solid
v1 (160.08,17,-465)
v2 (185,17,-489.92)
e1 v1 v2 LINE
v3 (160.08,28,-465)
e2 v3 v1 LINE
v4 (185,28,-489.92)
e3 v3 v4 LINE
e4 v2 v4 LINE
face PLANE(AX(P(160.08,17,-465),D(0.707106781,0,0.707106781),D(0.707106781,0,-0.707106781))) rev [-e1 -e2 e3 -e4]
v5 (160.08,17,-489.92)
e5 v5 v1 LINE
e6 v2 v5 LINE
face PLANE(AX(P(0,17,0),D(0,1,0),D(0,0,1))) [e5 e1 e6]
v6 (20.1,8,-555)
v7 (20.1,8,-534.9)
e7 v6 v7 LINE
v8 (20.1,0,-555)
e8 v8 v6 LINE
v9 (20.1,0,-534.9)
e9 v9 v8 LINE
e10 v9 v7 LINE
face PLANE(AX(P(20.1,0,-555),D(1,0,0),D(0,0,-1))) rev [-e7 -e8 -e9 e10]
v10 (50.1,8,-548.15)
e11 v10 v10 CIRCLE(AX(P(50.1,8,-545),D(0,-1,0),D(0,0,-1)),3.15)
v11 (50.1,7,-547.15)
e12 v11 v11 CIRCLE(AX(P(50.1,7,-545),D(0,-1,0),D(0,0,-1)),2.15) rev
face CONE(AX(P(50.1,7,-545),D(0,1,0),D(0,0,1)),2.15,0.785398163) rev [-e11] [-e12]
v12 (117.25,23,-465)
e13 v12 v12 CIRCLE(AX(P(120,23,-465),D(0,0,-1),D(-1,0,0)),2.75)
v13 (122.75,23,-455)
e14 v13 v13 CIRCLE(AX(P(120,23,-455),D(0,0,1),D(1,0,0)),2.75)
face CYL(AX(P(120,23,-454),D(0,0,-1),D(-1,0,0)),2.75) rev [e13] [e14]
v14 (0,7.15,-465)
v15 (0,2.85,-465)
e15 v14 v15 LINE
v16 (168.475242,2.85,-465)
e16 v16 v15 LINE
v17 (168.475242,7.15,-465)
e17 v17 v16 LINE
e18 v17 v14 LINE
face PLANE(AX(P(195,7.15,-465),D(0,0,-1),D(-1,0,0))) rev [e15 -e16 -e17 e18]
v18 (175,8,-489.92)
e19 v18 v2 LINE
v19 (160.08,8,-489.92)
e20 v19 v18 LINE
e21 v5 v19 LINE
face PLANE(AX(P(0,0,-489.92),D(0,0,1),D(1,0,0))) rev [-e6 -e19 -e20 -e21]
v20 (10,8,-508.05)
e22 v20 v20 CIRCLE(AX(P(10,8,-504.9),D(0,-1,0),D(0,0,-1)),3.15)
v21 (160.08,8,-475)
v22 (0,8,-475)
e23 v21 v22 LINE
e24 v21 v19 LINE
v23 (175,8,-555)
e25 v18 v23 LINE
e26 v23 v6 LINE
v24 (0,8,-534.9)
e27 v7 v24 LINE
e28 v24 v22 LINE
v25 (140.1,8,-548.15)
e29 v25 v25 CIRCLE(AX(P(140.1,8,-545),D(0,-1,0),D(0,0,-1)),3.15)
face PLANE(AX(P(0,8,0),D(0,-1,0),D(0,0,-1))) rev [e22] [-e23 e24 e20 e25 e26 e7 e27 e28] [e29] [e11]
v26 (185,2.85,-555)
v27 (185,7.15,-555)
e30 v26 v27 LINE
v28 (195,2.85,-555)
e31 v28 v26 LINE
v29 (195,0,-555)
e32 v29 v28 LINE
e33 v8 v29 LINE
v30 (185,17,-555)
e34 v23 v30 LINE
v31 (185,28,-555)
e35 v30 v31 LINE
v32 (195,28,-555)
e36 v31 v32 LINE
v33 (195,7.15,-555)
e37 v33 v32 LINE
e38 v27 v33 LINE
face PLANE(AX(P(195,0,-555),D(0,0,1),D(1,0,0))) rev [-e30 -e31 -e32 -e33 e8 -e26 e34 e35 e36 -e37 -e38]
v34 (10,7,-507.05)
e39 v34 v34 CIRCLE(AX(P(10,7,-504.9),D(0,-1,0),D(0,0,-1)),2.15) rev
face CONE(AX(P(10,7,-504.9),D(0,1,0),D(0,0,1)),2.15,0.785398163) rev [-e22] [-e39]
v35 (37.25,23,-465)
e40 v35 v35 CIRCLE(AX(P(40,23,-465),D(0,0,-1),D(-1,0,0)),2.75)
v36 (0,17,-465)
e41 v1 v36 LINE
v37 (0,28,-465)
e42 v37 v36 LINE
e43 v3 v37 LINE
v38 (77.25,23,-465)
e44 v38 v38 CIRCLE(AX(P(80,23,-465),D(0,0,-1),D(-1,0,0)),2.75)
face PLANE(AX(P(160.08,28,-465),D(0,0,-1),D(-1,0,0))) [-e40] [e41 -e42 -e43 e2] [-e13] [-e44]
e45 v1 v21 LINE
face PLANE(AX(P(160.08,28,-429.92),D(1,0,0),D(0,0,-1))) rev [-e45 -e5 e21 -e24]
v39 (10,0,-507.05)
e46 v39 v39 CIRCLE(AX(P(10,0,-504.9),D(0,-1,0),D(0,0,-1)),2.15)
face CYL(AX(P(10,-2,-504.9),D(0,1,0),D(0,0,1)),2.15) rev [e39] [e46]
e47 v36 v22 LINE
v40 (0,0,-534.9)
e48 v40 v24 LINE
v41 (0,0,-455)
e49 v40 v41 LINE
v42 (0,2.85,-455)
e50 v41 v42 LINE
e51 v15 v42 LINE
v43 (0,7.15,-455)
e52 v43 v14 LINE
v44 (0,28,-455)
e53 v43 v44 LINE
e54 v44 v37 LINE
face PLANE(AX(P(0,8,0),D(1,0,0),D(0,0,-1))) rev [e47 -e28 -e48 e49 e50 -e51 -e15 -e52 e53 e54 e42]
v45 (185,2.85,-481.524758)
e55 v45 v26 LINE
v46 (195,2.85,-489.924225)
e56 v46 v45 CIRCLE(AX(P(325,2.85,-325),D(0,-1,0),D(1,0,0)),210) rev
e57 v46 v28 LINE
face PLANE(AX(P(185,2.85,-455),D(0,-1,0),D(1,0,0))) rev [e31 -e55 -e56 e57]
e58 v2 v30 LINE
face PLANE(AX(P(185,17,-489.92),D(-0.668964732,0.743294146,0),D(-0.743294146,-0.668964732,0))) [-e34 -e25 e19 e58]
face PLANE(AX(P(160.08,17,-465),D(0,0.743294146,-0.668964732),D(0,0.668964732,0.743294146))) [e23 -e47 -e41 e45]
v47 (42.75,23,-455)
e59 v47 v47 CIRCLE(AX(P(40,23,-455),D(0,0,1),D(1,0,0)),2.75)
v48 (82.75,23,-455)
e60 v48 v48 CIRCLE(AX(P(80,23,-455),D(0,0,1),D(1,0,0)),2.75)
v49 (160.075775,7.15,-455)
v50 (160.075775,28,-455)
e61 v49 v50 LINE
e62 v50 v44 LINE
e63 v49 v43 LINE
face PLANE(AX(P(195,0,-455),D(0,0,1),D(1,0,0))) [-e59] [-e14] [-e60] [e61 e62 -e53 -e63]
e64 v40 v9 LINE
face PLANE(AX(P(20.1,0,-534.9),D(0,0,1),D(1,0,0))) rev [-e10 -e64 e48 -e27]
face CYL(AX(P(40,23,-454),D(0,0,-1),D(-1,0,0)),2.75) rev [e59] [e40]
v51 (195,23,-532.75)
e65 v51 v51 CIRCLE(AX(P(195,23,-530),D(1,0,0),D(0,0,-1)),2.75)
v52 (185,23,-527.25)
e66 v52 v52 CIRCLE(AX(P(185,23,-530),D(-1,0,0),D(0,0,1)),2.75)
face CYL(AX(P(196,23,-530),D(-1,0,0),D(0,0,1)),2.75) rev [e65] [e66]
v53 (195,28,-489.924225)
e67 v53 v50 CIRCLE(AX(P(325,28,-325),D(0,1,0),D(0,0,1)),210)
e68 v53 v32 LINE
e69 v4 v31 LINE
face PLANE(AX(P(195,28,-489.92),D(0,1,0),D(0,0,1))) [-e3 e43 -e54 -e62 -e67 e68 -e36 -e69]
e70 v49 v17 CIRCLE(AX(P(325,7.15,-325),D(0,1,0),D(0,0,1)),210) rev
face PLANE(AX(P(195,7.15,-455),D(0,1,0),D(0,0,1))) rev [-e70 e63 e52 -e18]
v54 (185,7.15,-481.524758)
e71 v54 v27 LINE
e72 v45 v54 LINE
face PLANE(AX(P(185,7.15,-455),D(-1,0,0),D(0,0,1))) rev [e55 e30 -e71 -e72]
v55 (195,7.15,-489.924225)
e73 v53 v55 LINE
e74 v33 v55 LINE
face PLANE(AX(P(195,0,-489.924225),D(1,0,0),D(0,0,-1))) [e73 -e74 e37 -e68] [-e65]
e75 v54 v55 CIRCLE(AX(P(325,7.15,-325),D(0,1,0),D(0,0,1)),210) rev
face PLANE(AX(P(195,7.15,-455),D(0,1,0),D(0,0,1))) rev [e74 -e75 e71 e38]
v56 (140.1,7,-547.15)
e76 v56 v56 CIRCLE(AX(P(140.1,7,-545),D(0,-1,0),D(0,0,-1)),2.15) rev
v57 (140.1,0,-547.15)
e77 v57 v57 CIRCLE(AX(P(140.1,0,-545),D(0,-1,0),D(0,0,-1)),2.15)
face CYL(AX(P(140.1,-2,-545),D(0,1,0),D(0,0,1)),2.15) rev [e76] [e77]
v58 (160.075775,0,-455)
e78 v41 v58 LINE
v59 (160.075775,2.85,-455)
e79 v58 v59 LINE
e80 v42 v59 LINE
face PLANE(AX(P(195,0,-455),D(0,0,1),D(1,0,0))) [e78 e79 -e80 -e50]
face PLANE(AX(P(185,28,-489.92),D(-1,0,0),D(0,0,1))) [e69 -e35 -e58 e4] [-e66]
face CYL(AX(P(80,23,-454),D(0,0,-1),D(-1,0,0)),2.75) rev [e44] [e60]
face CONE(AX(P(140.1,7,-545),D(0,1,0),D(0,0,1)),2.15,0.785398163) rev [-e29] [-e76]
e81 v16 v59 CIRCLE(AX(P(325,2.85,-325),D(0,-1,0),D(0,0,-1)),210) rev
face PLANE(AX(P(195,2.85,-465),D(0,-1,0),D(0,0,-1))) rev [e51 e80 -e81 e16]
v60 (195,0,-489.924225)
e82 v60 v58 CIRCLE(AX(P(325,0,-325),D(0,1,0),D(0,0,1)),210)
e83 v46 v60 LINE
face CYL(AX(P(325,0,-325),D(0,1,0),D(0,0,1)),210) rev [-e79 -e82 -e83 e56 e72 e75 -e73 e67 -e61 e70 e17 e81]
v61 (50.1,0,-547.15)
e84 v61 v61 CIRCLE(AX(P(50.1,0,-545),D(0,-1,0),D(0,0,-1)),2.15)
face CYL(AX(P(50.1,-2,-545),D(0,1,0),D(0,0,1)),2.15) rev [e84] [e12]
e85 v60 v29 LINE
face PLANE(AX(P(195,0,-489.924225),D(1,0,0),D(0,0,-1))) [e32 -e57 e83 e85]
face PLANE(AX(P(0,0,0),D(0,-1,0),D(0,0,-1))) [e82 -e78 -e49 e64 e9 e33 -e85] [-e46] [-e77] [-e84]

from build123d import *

# Parameters (mm, degrees)
SKETCH1_W                = 650
SKETCH1_H                = 650
BOSS_EXTRUDE1_DEPTH      = 8
BOSS_EXTRUDE2_DEPTH      = 650
CUT_EXTRUDE2_DEPTH       = 921.277302922
CUT_EXTRUDE2_DEPTH_BACK  = 921.277302922
SKETCH4_R                = 11
CUT_EXTRUDE1_DEPTH       = 920.932062709
CUT_EXTRUDE1_DEPTH_BACK  = 920.932062709
SKETCH2_R                = 210
CUT_EXTRUDE3_DEPTH       = 921.277302998
CUT_EXTRUDE3_DEPTH_BACK  = 110
CUT_EXTRUDE4_DEPTH       = 110
CUT_EXTRUDE5_DEPTH       = 920.932062713
CUT_EXTRUDE5_DEPTH_BACK  = 920.932062713
SKETCH7_OUTSIDE_W        = 836.056
SKETCH7_OUTSIDE_H        = 836.056
BOSS_EXTRUDE3_DEPTH      = 160.08
BOSS_EXTRUDE4_DEPTH      = 160.08
SKETCH21_W               = 10
SKETCH21_H               = 4.3
CUT_EXTRUDE10_DEPTH      = 680.197320372
SKETCH22_W               = 10
SKETCH22_H               = 4.3
CUT_EXTRUDE11_DEPTH      = 278.189465889
BOSS_EXTRUDE5_DEPTH      = 60
CUT_EXTRUDE6_DEPTH       = 679.914574891
CUT_EXTRUDE6_DEPTH_BACK  = 679.914574891
SKETCH12_R               = 210
CUT_EXTRUDE14_DEPTH      = 11
SKETCH27_R               = 2.2
SKETCH27_R_2             = 2.75
CUT_EXTRUDE15_DEPTH      = 11
SKETCH28_R               = 2.75
CUT_EXTRUDE16_DEPTH      = 11
SKETCH29_W               = 20
SKETCH29_H               = 20
CUT_EXTRUDE17_DEPTH      = 10
CUT_EXTRUDE18_DEPTH      = 679.914574891
CUT_EXTRUDE18_DEPTH_BACK = 679.914574891
SKETCH30_W               = 195
SKETCH30_H               = 95
CUT_EXTRUDE19_DEPTH      = 589.600033979
CUT_EXTRUDE19_DEPTH_BACK = 589.600033979
SKETCH31_W               = 20.1
SKETCH31_H               = 20.1
SKETCH32_R               = 2.15
CUT_EXTRUDE20_DEPTH      = 10
CHAMFER1_SIZE            = 1


with BuildPart() as part:
    # Sketch1 → Boss-Extrude1 (new body)
    with BuildSketch(Plane(origin=(0, 0, 0), x_dir=(1, 0, 0), z_dir=(0, 1, 0))):
        with Locations((325, 325)):
            Rectangle(SKETCH1_W, SKETCH1_H)
    extrude(amount=BOSS_EXTRUDE1_DEPTH)

    # Sketch3 → Boss-Extrude2 (add)
    with BuildSketch(Plane.XY):
        Polygon((300, 43.707142143), (350, 43.707142143), (385, 8), (265, 8), align=None)
    extrude(amount=-BOSS_EXTRUDE2_DEPTH)

    # Sketch4 → Cut-Extrude2 (cut, two sides: drawn at the far end of the back side and taken through both)
    with BuildSketch(Plane.XY.offset(-CUT_EXTRUDE2_DEPTH_BACK)):
        with Locations((325, 22)):
            Circle(SKETCH4_R)
    extrude(amount=CUT_EXTRUDE2_DEPTH + CUT_EXTRUDE2_DEPTH_BACK, mode=Mode.SUBTRACT)

    # Sketch2 → Cut-Extrude1 (cut, two sides: drawn at the far end of the back side and taken through both)
    with BuildSketch(Plane(origin=(0, 8, 0), x_dir=(1, 0, 0), z_dir=(0, 1, 0)).offset(-CUT_EXTRUDE1_DEPTH_BACK)):
        with Locations(Location((325, 325, 0), (0, 0, 270))):
            Circle(SKETCH2_R)
    extrude(amount=CUT_EXTRUDE1_DEPTH + CUT_EXTRUDE1_DEPTH_BACK, mode=Mode.SUBTRACT)

    # Sketch5 → Cut-Extrude3 (cut, two sides: drawn at the far end of the back side and taken through both)
    with BuildSketch(Plane.XY.offset(-CUT_EXTRUDE3_DEPTH_BACK)):
        Polygon((300, 43.707142143), (350, 43.707142143), (365.396078824, 28), (350, 28), (350, 8), (300, 8), (300, 28), (284.603921176, 28), align=None)
    extrude(amount=CUT_EXTRUDE3_DEPTH + CUT_EXTRUDE3_DEPTH_BACK, mode=Mode.SUBTRACT)

    # Sketch6 → Cut-Extrude4 (cut)
    with BuildSketch(Plane(origin=(0, 0, -650), x_dir=(-1, 0, 0), z_dir=(0, 0, -1))):
        Polygon((-350, 43.707142143), (-300, 43.707142143), (-284.603921176, 28), (-300, 28), (-300, 8), (-350, 8), (-350, 28), (-365.396078824, 28), align=None)
    extrude(amount=-CUT_EXTRUDE4_DEPTH, mode=Mode.SUBTRACT)

    # Sketch7 outside → Cut-Extrude5 (cut, two sides: drawn at the far end of the back side and taken through both)
    with BuildSketch(Plane(origin=(0, 8, 0), x_dir=(1, 0, 0), z_dir=(0, 1, 0)).offset(-CUT_EXTRUDE5_DEPTH_BACK)):
        with Locations((325, 325)):
            Rectangle(SKETCH7_OUTSIDE_W, SKETCH7_OUTSIDE_H)
        Polygon((195, 455), (195, 489.924225025), (195, 650), (167.478198198, 686.544504505), (-70.838918919, 686.544504505), (-70.838918919, 472.462112512), (0, 455), (160.075774975, 455), align=None, mode=Mode.SUBTRACT)
    extrude(amount=CUT_EXTRUDE5_DEPTH + CUT_EXTRUDE5_DEPTH_BACK, mode=Mode.SUBTRACT)

    # Sketch8 → Boss-Extrude3 (add)
    with BuildSketch(Plane(origin=(0, 0, -650), x_dir=(-1, 0, 0), z_dir=(0, 0, -1))):
        Polygon((-195, 8), (-195, 28), (-185, 28), (-185, 17), (-175, 8), align=None)
    extrude(amount=-BOSS_EXTRUDE3_DEPTH)

    # Sketch10 → Boss-Extrude4 (add)
    with BuildSketch(Plane.ZY):
        Polygon((-455, 8), (-455, 28), (-465, 28), (-465, 17), (-475, 8), align=None)
    extrude(amount=-BOSS_EXTRUDE4_DEPTH)

    # Sketch21 → Cut-Extrude10 (cut, through all)
    with BuildSketch(Plane.ZY):
        with Locations((-460, 5)):
            Rectangle(SKETCH21_W, SKETCH21_H)
    extrude(amount=-CUT_EXTRUDE10_DEPTH, mode=Mode.SUBTRACT)

    # Sketch22 → Cut-Extrude11 (cut, through all)
    with BuildSketch(Plane(origin=(0, 0, -650), x_dir=(-1, 0, 0), z_dir=(0, 0, -1))):
        with Locations((-190, 5)):
            Rectangle(SKETCH22_W, SKETCH22_H)
    extrude(amount=-CUT_EXTRUDE11_DEPTH, mode=Mode.SUBTRACT)

    # Sketch23 → Boss-Extrude5 (add)
    with BuildSketch(Plane.XY.offset(-489.92)):
        Polygon((194.99464011, 8), (195, 28), (160.08, 28), (160.08, 8), align=None)
    extrude(amount=BOSS_EXTRUDE5_DEPTH)

    # Sketch12 → Cut-Extrude6 (cut, two sides: drawn at the far end of the back side and taken through both)
    with BuildSketch(Plane(origin=(0, 8, 0), x_dir=(1, 0, 0), z_dir=(0, 1, 0)).offset(-CUT_EXTRUDE6_DEPTH_BACK)):
        with Locations((325, 325)):
            Circle(SKETCH12_R)
    extrude(amount=CUT_EXTRUDE6_DEPTH + CUT_EXTRUDE6_DEPTH_BACK, mode=Mode.SUBTRACT)

    # Sketch26 → Cut-Extrude14 (cut)
    with BuildSketch(Plane(origin=(0, 28, 0), x_dir=(1, 0, 0), z_dir=(0, 1, 0))):
        Polygon((185, 489.92), (160.08, 489.92), (160.08, 465), align=None)
    extrude(amount=-CUT_EXTRUDE14_DEPTH, mode=Mode.SUBTRACT)

    # Sketch27 → Cut-Extrude15 (cut)
    with BuildSketch(Plane.ZY.offset(-185)):
        with Locations((-610, 23)):
            Circle(SKETCH27_R)
        with Locations((-570, 23)):
            Circle(SKETCH27_R)
        with Locations((-530, 23)):
            Circle(SKETCH27_R_2)
    extrude(amount=-CUT_EXTRUDE15_DEPTH, mode=Mode.SUBTRACT)

    # Sketch28 → Cut-Extrude16 (cut)
    with BuildSketch(Plane(origin=(0, 0, -465), x_dir=(-1, 0, 0), z_dir=(0, 0, -1))):
        with Locations((-120, 23)):
            Circle(SKETCH28_R)
        with Locations((-80, 23)):
            Circle(SKETCH28_R)
        with Locations((-40, 23)):
            Circle(SKETCH28_R)
    extrude(amount=-CUT_EXTRUDE16_DEPTH, mode=Mode.SUBTRACT)

    # Sketch29 → Cut-Extrude17 (cut)
    with BuildSketch(Plane(origin=(0, 8, 0), x_dir=(1, 0, 0), z_dir=(0, 1, 0))):
        with Locations((10, 640)):
            Rectangle(SKETCH29_W, SKETCH29_H)
    extrude(amount=-CUT_EXTRUDE17_DEPTH, mode=Mode.SUBTRACT)

    # Sketch30 → Cut-Extrude18 (cut, two sides: drawn at the far end of the back side and taken through both)
    with BuildSketch(Plane(origin=(0, 8, 0), x_dir=(1, 0, 0), z_dir=(0, 1, 0)).offset(-CUT_EXTRUDE18_DEPTH_BACK)):
        with Locations((97.5, 602.5)):
            Rectangle(SKETCH30_W, SKETCH30_H)
    extrude(amount=CUT_EXTRUDE18_DEPTH + CUT_EXTRUDE18_DEPTH_BACK, mode=Mode.SUBTRACT)

    # Sketch31 → Cut-Extrude19 (cut, two sides: drawn at the far end of the back side and taken through both)
    with BuildSketch(Plane(origin=(0, 8, 0), x_dir=(1, 0, 0), z_dir=(0, 1, 0)).offset(-CUT_EXTRUDE19_DEPTH_BACK)):
        with Locations((10.05, 544.95)):
            Rectangle(SKETCH31_W, SKETCH31_H)
    extrude(amount=CUT_EXTRUDE19_DEPTH + CUT_EXTRUDE19_DEPTH_BACK, mode=Mode.SUBTRACT)

    # Sketch32 → Cut-Extrude20 (cut)
    with BuildSketch(Plane(origin=(0, 8, 0), x_dir=(1, 0, 0), z_dir=(0, 1, 0))):
        with Locations(Location((50.1, 545, 0), (0, 0, 270))):
            Circle(SKETCH32_R)
        with Locations(Location((140.1, 545, 0), (0, 0, 270))):
            Circle(SKETCH32_R)
        with Locations(Location((10, 504.9, 0), (0, 0, 270))):
            Circle(SKETCH32_R)
    extrude(amount=-CUT_EXTRUDE20_DEPTH, mode=Mode.SUBTRACT)

    # Chamfer1
    chamfer1_edges = [part.edges().sort_by_distance(p)[0] for p in [
        (10, 8, -507.05),
        (140.1, 8, -547.15),
        (50.1, 8, -547.15),
    ]]
    chamfer(chamfer1_edges, length=CHAMFER1_SIZE)


solid = part.part
